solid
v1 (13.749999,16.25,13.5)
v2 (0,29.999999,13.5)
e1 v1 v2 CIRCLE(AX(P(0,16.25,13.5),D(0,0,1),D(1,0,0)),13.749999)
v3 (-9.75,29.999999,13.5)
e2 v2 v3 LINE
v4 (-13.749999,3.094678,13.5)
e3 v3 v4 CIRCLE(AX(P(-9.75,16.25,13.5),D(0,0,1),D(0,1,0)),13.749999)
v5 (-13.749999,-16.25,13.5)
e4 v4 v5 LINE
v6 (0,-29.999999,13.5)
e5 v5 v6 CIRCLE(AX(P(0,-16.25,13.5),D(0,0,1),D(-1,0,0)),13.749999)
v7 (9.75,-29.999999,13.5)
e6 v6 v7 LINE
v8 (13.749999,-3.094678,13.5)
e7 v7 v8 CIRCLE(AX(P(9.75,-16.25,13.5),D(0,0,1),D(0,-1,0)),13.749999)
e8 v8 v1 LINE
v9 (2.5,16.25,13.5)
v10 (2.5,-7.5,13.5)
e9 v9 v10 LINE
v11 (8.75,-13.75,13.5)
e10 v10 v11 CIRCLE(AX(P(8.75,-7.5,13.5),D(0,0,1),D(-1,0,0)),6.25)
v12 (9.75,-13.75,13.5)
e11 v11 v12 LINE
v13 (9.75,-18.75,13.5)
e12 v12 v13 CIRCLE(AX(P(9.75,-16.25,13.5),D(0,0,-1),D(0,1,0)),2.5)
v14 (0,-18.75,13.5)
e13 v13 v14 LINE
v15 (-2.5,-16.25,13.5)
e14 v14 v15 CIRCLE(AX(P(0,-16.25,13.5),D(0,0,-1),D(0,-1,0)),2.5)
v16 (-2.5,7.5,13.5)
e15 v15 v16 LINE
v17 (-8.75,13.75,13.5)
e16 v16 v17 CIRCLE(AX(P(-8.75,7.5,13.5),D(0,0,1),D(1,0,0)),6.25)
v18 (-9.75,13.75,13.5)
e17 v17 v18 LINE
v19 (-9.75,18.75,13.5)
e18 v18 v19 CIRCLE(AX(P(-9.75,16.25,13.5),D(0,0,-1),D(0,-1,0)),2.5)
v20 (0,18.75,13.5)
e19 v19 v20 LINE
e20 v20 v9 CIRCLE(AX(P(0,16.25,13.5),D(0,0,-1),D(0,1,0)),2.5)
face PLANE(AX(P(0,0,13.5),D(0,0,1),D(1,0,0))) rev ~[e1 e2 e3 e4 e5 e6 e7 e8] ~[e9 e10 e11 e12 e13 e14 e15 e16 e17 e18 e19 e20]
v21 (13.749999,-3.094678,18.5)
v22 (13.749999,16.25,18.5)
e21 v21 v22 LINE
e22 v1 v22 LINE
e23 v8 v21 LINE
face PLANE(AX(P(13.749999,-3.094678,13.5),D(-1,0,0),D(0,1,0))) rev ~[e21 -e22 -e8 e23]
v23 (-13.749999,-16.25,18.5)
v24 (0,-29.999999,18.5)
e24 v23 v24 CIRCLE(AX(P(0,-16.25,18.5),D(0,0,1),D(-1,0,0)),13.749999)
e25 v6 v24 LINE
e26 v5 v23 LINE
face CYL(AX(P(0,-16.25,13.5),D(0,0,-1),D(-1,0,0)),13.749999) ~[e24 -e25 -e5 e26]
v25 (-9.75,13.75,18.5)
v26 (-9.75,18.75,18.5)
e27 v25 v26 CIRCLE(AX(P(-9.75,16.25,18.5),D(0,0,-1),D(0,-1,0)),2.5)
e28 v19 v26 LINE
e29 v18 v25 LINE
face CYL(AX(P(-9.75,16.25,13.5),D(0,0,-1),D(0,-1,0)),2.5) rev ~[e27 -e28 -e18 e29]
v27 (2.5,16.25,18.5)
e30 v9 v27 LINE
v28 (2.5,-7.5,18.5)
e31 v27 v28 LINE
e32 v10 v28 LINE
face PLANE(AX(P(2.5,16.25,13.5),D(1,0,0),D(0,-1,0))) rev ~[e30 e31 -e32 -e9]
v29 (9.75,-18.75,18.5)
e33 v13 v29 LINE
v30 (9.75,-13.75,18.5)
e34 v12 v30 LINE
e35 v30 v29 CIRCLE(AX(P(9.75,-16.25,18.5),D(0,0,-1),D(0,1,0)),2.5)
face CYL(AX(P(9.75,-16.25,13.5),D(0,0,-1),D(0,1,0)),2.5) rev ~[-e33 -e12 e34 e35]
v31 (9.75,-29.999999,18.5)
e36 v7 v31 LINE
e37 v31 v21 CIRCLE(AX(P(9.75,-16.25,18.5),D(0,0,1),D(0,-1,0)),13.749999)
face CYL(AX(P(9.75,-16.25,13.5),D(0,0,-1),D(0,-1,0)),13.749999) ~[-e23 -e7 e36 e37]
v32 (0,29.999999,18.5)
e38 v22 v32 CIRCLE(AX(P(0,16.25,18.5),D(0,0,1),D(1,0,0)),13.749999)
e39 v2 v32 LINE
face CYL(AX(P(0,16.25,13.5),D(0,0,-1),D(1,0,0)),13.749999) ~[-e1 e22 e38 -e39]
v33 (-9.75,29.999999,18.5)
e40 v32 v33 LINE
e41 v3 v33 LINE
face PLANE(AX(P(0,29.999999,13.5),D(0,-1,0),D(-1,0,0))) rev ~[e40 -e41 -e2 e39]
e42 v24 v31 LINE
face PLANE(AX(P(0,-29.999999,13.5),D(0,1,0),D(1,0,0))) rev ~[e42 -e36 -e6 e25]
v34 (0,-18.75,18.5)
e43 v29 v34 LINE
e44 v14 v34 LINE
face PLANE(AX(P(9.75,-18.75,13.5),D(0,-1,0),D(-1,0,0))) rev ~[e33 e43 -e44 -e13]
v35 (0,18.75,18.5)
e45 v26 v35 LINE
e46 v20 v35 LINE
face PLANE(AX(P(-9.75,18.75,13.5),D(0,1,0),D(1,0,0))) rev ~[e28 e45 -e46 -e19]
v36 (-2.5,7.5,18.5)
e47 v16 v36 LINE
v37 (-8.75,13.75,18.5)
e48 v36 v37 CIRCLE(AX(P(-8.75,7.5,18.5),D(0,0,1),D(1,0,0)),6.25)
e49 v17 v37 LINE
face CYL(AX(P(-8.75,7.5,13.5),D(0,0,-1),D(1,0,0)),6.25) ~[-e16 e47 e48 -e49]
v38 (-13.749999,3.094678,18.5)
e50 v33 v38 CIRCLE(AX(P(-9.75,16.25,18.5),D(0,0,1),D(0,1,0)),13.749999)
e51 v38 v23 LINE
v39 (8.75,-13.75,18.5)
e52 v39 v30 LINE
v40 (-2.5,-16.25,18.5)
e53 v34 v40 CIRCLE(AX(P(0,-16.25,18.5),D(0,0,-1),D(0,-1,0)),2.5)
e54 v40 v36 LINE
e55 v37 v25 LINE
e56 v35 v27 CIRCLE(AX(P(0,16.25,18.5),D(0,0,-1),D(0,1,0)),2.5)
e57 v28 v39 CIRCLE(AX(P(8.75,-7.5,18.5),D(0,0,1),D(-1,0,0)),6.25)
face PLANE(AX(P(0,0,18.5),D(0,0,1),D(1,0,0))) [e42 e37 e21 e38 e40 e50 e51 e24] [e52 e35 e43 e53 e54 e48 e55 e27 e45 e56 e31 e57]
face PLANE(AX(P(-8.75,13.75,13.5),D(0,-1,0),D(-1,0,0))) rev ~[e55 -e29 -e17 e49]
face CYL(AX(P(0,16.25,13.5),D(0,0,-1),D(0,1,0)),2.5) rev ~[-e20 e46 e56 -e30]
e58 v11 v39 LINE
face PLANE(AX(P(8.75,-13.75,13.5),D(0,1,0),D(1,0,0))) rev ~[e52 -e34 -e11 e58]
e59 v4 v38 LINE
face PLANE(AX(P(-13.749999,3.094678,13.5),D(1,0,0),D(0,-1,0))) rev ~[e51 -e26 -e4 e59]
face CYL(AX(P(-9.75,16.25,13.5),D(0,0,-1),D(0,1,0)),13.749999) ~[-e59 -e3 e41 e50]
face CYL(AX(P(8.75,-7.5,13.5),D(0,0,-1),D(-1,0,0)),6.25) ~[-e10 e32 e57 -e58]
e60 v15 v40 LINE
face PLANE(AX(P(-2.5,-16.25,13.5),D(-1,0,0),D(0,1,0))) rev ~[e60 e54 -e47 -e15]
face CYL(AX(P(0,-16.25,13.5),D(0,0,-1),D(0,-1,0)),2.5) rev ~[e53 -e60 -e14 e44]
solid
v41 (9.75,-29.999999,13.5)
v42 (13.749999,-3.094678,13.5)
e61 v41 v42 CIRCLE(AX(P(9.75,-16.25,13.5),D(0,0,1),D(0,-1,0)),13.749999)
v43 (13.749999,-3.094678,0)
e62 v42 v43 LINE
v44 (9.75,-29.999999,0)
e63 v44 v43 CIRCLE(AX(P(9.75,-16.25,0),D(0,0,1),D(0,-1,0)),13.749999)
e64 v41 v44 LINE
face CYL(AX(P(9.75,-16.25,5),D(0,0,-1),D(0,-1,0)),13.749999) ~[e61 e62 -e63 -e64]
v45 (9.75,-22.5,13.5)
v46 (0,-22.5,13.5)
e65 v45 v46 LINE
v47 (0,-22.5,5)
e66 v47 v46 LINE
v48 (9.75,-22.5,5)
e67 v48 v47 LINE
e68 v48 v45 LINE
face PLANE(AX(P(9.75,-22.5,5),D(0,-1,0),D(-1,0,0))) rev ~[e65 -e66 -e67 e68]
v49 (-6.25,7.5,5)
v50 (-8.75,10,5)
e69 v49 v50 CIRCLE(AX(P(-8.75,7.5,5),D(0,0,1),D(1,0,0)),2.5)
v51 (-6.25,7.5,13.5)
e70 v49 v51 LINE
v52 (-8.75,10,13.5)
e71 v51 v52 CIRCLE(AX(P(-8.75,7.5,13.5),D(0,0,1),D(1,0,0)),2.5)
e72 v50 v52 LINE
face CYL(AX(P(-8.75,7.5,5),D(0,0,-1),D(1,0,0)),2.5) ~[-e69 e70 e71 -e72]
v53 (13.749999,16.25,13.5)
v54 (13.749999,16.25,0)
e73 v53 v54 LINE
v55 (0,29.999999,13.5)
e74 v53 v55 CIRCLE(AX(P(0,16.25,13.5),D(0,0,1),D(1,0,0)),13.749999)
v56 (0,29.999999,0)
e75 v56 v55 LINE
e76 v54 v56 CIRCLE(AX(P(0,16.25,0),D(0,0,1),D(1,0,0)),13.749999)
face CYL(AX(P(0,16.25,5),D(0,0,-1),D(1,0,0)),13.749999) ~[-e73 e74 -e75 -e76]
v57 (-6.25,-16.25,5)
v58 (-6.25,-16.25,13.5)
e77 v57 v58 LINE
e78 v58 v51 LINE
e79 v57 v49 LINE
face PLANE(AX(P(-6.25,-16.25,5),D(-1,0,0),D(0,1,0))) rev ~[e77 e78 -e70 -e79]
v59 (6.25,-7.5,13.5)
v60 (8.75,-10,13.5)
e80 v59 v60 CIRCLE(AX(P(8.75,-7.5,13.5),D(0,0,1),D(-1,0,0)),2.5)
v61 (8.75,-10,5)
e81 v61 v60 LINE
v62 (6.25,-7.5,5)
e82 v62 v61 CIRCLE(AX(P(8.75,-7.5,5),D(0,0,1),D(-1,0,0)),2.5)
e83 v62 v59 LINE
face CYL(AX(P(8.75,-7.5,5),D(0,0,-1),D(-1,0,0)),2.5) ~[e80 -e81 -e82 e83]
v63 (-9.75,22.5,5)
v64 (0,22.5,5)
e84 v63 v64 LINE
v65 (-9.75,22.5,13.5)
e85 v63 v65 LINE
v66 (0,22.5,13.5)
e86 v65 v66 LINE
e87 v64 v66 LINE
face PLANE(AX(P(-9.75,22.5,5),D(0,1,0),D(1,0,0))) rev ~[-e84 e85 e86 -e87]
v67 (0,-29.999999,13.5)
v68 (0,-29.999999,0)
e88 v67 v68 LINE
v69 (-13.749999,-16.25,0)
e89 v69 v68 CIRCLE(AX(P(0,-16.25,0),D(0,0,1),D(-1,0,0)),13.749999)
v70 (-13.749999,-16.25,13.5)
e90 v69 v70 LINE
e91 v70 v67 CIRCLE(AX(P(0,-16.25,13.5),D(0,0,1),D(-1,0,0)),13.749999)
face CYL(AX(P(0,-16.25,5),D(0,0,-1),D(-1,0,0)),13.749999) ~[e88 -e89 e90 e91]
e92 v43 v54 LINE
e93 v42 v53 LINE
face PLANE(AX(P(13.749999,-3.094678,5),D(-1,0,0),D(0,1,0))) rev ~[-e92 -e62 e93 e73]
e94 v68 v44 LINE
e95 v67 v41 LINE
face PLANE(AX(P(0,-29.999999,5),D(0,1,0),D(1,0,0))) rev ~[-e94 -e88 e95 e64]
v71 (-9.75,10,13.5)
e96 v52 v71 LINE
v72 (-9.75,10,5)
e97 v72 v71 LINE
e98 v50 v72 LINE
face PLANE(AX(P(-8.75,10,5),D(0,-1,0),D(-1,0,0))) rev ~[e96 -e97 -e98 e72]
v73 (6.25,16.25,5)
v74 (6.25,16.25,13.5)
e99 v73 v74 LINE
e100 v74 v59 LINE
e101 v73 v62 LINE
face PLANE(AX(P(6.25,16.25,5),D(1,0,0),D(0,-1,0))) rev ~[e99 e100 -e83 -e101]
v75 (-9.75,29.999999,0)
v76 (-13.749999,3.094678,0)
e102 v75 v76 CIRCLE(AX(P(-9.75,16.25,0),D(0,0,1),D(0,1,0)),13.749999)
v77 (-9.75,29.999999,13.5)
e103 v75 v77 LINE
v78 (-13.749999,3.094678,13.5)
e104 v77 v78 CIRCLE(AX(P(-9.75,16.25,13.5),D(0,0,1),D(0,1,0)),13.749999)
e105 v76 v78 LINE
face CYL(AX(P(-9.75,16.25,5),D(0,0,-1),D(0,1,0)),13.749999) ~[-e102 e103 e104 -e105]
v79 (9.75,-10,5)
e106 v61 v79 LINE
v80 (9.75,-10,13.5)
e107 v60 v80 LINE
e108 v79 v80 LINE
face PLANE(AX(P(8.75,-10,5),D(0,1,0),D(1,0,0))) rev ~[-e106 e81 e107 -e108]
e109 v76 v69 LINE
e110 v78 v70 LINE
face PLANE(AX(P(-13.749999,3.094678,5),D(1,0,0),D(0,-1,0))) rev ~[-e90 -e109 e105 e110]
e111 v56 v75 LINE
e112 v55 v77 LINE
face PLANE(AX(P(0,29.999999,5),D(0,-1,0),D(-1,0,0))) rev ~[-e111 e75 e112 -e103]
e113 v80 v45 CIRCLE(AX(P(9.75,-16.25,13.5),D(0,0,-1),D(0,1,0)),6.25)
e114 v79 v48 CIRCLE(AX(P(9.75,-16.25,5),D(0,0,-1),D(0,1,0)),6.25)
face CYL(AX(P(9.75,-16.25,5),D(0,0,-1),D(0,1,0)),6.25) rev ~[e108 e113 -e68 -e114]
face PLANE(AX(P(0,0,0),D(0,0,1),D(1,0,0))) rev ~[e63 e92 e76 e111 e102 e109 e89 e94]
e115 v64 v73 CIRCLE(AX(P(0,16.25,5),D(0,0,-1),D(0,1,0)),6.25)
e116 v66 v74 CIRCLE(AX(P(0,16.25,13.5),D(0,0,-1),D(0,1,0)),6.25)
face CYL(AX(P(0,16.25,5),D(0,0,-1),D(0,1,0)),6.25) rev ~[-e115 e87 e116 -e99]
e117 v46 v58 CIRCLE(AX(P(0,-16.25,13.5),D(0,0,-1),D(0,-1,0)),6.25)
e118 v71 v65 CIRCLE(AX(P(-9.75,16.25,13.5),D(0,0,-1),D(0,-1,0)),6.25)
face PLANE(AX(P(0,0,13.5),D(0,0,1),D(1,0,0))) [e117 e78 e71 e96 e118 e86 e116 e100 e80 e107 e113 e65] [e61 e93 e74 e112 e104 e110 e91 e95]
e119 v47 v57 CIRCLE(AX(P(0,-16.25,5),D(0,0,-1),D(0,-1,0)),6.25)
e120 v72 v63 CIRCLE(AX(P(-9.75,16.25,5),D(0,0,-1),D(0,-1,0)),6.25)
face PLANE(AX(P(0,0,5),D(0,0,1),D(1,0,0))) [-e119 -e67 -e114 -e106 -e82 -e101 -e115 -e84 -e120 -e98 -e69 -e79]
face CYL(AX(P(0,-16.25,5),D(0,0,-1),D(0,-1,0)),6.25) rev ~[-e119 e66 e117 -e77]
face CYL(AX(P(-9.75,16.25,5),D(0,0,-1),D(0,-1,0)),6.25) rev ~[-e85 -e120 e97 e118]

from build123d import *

# Parameters (mm, degrees)
F1_DEPTH = 5
F2_START = 5
F2_DEPTH = 8.5
F3_START = 13.5
F3_DEPTH = 5


with BuildPart() as f1:
    # F0 (on Top) → F1 (new body)
    with BuildSketch(Plane.XY):
        with BuildLine():
            ThreePointArc((13.7499991953, 16.25), (9.7227176723, 25.9727176723), (0, 29.9999991953))
            Line((0, 29.9999991953), (-9.75, 29.9999991953))
            ThreePointArc((-9.75, 29.9999991953), (-23.3505172364, 18.2719813983), (-13.7499991953, 3.0946784794))
            Line((-13.7499991953, 3.0946784794), (-13.7499991953, -16.25))
            ThreePointArc((-13.7499991953, -16.25), (-9.7227176723, -25.9727176723), (0, -29.9999991953))
            Line((0, -29.9999991953), (9.75, -29.9999991953))
            ThreePointArc((9.75, -29.9999991953), (23.3505172364, -18.2719813983), (13.7499991953, -3.0946784794))
            Line((13.7499991953, -3.0946784794), (13.7499991953, 16.25))
        make_face()
        with BuildLine():
            ThreePointArc((-9.75, 10), (-16, 16.25), (-9.75, 22.5))
            Line((-9.75, 22.5), (0, 22.5))
            ThreePointArc((0, 22.5), (4.4194173824, 20.6694173824), (6.25, 16.25))
            Line((6.25, 16.25), (6.25, -7.5))
            ThreePointArc((6.25, -7.5), (6.982233047, -9.267766953), (8.75, -10))
            Line((8.75, -10), (9.75, -10))
            ThreePointArc((9.75, -10), (16, -16.25), (9.75, -22.5))
            Line((9.75, -22.5), (0, -22.5))
            ThreePointArc((0, -22.5), (-4.4194173824, -20.6694173824), (-6.25, -16.25))
            Line((-6.25, -16.25), (-6.25, 7.5))
            ThreePointArc((-6.25, 7.5), (-6.982233047, 9.267766953), (-8.75, 10))
            Line((-8.75, 10), (-9.75, 10))
        make_face(mode=Mode.SUBTRACT)
        with BuildLine():
            Line((0, 22.5), (-9.75, 22.5))
            ThreePointArc((-9.75, 22.5), (-16, 16.25), (-9.75, 10))
            Line((-9.75, 10), (-8.75, 10))
            ThreePointArc((-8.75, 10), (-6.982233047, 9.267766953), (-6.25, 7.5))
            Line((-6.25, 7.5), (-6.25, -16.25))
            ThreePointArc((-6.25, -16.25), (-4.4194173824, -20.6694173824), (0, -22.5))
            Line((0, -22.5), (9.75, -22.5))
            ThreePointArc((9.75, -22.5), (16, -16.25), (9.75, -10))
            Line((9.75, -10), (8.75, -10))
            ThreePointArc((8.75, -10), (6.982233047, -9.267766953), (6.25, -7.5))
            Line((6.25, -7.5), (6.25, 16.25))
            ThreePointArc((6.25, 16.25), (4.4194173824, 20.6694173824), (0, 22.5))
        make_face()
        with BuildLine():
            Line((-2.5, -16.25), (-2.5, 7.5))
            ThreePointArc((-2.5, 7.5), (-4.3305826176, 11.9194173824), (-8.75, 13.75))
            Line((-8.75, 13.75), (-9.75, 13.75))
            ThreePointArc((-9.75, 13.75), (-12.25, 16.25), (-9.75, 18.75))
            Line((-9.75, 18.75), (0, 18.75))
            ThreePointArc((0, 18.75), (1.767766953, 18.017766953), (2.5, 16.25))
            Line((2.5, 16.25), (2.5, -7.5))
            ThreePointArc((2.5, -7.5), (4.3305826176, -11.9194173824), (8.75, -13.75))
            Line((8.75, -13.75), (9.75, -13.75))
            ThreePointArc((9.75, -13.75), (12.25, -16.25), (9.75, -18.75))
            Line((9.75, -18.75), (0, -18.75))
            ThreePointArc((0, -18.75), (-1.767766953, -18.017766953), (-2.5, -16.25))
        make_face(mode=Mode.SUBTRACT)
        with BuildLine():
            ThreePointArc((-8.75, 13.75), (-4.3305826176, 11.9194173824), (-2.5, 7.5))
            Line((-2.5, 7.5), (-2.5, -16.25))
            ThreePointArc((-2.5, -16.25), (-1.767766953, -18.017766953), (0, -18.75))
            Line((0, -18.75), (9.75, -18.75))
            ThreePointArc((9.75, -18.75), (12.25, -16.25), (9.75, -13.75))
            Line((9.75, -13.75), (8.75, -13.75))
            ThreePointArc((8.75, -13.75), (4.3305826176, -11.9194173824), (2.5, -7.5))
            Line((2.5, -7.5), (2.5, 16.25))
            ThreePointArc((2.5, 16.25), (1.767766953, 18.017766953), (0, 18.75))
            Line((0, 18.75), (-9.75, 18.75))
            ThreePointArc((-9.75, 18.75), (-12.25, 16.25), (-9.75, 13.75))
            Line((-9.75, 13.75), (-8.75, 13.75))
        make_face()
    extrude(amount=F1_DEPTH)

    # F0 (on Top) → F2 (join)
    with BuildSketch(Plane.XY.offset(F2_START)):
        with BuildLine():
            ThreePointArc((13.7499991953, 16.25), (9.7227176723, 25.9727176723), (0, 29.9999991953))
            Line((0, 29.9999991953), (-9.75, 29.9999991953))
            ThreePointArc((-9.75, 29.9999991953), (-23.3505172364, 18.2719813983), (-13.7499991953, 3.0946784794))
            Line((-13.7499991953, 3.0946784794), (-13.7499991953, -16.25))
            ThreePointArc((-13.7499991953, -16.25), (-9.7227176723, -25.9727176723), (0, -29.9999991953))
            Line((0, -29.9999991953), (9.75, -29.9999991953))
            ThreePointArc((9.75, -29.9999991953), (23.3505172364, -18.2719813983), (13.7499991953, -3.0946784794))
            Line((13.7499991953, -3.0946784794), (13.7499991953, 16.25))
        make_face()
        with BuildLine():
            ThreePointArc((-9.75, 10), (-16, 16.25), (-9.75, 22.5))
            Line((-9.75, 22.5), (0, 22.5))
            ThreePointArc((0, 22.5), (4.4194173824, 20.6694173824), (6.25, 16.25))
            Line((6.25, 16.25), (6.25, -7.5))
            ThreePointArc((6.25, -7.5), (6.982233047, -9.267766953), (8.75, -10))
            Line((8.75, -10), (9.75, -10))
            ThreePointArc((9.75, -10), (16, -16.25), (9.75, -22.5))
            Line((9.75, -22.5), (0, -22.5))
            ThreePointArc((0, -22.5), (-4.4194173824, -20.6694173824), (-6.25, -16.25))
            Line((-6.25, -16.25), (-6.25, 7.5))
            ThreePointArc((-6.25, 7.5), (-6.982233047, 9.267766953), (-8.75, 10))
            Line((-8.75, 10), (-9.75, 10))
        make_face(mode=Mode.SUBTRACT)
    extrude(amount=F2_DEPTH)


with BuildPart() as f3:
    # F0 (on Top) → F3 (new body)
    with BuildSketch(Plane.XY.offset(F3_START)):
        with BuildLine():
            ThreePointArc((13.7499991953, 16.25), (9.7227176723, 25.9727176723), (0, 29.9999991953))
            Line((0, 29.9999991953), (-9.75, 29.9999991953))
            ThreePointArc((-9.75, 29.9999991953), (-23.3505172364, 18.2719813983), (-13.7499991953, 3.0946784794))
            Line((-13.7499991953, 3.0946784794), (-13.7499991953, -16.25))
            ThreePointArc((-13.7499991953, -16.25), (-9.7227176723, -25.9727176723), (0, -29.9999991953))
            Line((0, -29.9999991953), (9.75, -29.9999991953))
            ThreePointArc((9.75, -29.9999991953), (23.3505172364, -18.2719813983), (13.7499991953, -3.0946784794))
            Line((13.7499991953, -3.0946784794), (13.7499991953, 16.25))
        make_face()
        with BuildLine():
            ThreePointArc((-9.75, 10), (-16, 16.25), (-9.75, 22.5))
            Line((-9.75, 22.5), (0, 22.5))
            ThreePointArc((0, 22.5), (4.4194173824, 20.6694173824), (6.25, 16.25))
            Line((6.25, 16.25), (6.25, -7.5))
            ThreePointArc((6.25, -7.5), (6.982233047, -9.267766953), (8.75, -10))
            Line((8.75, -10), (9.75, -10))
            ThreePointArc((9.75, -10), (16, -16.25), (9.75, -22.5))
            Line((9.75, -22.5), (0, -22.5))
            ThreePointArc((0, -22.5), (-4.4194173824, -20.6694173824), (-6.25, -16.25))
            Line((-6.25, -16.25), (-6.25, 7.5))
            ThreePointArc((-6.25, 7.5), (-6.982233047, 9.267766953), (-8.75, 10))
            Line((-8.75, 10), (-9.75, 10))
        make_face(mode=Mode.SUBTRACT)
        with BuildLine():
            Line((0, 22.5), (-9.75, 22.5))
            ThreePointArc((-9.75, 22.5), (-16, 16.25), (-9.75, 10))
            Line((-9.75, 10), (-8.75, 10))
            ThreePointArc((-8.75, 10), (-6.982233047, 9.267766953), (-6.25, 7.5))
            Line((-6.25, 7.5), (-6.25, -16.25))
            ThreePointArc((-6.25, -16.25), (-4.4194173824, -20.6694173824), (0, -22.5))
            Line((0, -22.5), (9.75, -22.5))
            ThreePointArc((9.75, -22.5), (16, -16.25), (9.75, -10))
            Line((9.75, -10), (8.75, -10))
            ThreePointArc((8.75, -10), (6.982233047, -9.267766953), (6.25, -7.5))
            Line((6.25, -7.5), (6.25, 16.25))
            ThreePointArc((6.25, 16.25), (4.4194173824, 20.6694173824), (0, 22.5))
        make_face()
        with BuildLine():
            Line((-2.5, -16.25), (-2.5, 7.5))
            ThreePointArc((-2.5, 7.5), (-4.3305826176, 11.9194173824), (-8.75, 13.75))
            Line((-8.75, 13.75), (-9.75, 13.75))
            ThreePointArc((-9.75, 13.75), (-12.25, 16.25), (-9.75, 18.75))
            Line((-9.75, 18.75), (0, 18.75))
            ThreePointArc((0, 18.75), (1.767766953, 18.017766953), (2.5, 16.25))
            Line((2.5, 16.25), (2.5, -7.5))
            ThreePointArc((2.5, -7.5), (4.3305826176, -11.9194173824), (8.75, -13.75))
            Line((8.75, -13.75), (9.75, -13.75))
            ThreePointArc((9.75, -13.75), (12.25, -16.25), (9.75, -18.75))
            Line((9.75, -18.75), (0, -18.75))
            ThreePointArc((0, -18.75), (-1.767766953, -18.017766953), (-2.5, -16.25))
        make_face(mode=Mode.SUBTRACT)
    extrude(amount=F3_DEPTH)


solid = Compound([f1.part, f3.part])
